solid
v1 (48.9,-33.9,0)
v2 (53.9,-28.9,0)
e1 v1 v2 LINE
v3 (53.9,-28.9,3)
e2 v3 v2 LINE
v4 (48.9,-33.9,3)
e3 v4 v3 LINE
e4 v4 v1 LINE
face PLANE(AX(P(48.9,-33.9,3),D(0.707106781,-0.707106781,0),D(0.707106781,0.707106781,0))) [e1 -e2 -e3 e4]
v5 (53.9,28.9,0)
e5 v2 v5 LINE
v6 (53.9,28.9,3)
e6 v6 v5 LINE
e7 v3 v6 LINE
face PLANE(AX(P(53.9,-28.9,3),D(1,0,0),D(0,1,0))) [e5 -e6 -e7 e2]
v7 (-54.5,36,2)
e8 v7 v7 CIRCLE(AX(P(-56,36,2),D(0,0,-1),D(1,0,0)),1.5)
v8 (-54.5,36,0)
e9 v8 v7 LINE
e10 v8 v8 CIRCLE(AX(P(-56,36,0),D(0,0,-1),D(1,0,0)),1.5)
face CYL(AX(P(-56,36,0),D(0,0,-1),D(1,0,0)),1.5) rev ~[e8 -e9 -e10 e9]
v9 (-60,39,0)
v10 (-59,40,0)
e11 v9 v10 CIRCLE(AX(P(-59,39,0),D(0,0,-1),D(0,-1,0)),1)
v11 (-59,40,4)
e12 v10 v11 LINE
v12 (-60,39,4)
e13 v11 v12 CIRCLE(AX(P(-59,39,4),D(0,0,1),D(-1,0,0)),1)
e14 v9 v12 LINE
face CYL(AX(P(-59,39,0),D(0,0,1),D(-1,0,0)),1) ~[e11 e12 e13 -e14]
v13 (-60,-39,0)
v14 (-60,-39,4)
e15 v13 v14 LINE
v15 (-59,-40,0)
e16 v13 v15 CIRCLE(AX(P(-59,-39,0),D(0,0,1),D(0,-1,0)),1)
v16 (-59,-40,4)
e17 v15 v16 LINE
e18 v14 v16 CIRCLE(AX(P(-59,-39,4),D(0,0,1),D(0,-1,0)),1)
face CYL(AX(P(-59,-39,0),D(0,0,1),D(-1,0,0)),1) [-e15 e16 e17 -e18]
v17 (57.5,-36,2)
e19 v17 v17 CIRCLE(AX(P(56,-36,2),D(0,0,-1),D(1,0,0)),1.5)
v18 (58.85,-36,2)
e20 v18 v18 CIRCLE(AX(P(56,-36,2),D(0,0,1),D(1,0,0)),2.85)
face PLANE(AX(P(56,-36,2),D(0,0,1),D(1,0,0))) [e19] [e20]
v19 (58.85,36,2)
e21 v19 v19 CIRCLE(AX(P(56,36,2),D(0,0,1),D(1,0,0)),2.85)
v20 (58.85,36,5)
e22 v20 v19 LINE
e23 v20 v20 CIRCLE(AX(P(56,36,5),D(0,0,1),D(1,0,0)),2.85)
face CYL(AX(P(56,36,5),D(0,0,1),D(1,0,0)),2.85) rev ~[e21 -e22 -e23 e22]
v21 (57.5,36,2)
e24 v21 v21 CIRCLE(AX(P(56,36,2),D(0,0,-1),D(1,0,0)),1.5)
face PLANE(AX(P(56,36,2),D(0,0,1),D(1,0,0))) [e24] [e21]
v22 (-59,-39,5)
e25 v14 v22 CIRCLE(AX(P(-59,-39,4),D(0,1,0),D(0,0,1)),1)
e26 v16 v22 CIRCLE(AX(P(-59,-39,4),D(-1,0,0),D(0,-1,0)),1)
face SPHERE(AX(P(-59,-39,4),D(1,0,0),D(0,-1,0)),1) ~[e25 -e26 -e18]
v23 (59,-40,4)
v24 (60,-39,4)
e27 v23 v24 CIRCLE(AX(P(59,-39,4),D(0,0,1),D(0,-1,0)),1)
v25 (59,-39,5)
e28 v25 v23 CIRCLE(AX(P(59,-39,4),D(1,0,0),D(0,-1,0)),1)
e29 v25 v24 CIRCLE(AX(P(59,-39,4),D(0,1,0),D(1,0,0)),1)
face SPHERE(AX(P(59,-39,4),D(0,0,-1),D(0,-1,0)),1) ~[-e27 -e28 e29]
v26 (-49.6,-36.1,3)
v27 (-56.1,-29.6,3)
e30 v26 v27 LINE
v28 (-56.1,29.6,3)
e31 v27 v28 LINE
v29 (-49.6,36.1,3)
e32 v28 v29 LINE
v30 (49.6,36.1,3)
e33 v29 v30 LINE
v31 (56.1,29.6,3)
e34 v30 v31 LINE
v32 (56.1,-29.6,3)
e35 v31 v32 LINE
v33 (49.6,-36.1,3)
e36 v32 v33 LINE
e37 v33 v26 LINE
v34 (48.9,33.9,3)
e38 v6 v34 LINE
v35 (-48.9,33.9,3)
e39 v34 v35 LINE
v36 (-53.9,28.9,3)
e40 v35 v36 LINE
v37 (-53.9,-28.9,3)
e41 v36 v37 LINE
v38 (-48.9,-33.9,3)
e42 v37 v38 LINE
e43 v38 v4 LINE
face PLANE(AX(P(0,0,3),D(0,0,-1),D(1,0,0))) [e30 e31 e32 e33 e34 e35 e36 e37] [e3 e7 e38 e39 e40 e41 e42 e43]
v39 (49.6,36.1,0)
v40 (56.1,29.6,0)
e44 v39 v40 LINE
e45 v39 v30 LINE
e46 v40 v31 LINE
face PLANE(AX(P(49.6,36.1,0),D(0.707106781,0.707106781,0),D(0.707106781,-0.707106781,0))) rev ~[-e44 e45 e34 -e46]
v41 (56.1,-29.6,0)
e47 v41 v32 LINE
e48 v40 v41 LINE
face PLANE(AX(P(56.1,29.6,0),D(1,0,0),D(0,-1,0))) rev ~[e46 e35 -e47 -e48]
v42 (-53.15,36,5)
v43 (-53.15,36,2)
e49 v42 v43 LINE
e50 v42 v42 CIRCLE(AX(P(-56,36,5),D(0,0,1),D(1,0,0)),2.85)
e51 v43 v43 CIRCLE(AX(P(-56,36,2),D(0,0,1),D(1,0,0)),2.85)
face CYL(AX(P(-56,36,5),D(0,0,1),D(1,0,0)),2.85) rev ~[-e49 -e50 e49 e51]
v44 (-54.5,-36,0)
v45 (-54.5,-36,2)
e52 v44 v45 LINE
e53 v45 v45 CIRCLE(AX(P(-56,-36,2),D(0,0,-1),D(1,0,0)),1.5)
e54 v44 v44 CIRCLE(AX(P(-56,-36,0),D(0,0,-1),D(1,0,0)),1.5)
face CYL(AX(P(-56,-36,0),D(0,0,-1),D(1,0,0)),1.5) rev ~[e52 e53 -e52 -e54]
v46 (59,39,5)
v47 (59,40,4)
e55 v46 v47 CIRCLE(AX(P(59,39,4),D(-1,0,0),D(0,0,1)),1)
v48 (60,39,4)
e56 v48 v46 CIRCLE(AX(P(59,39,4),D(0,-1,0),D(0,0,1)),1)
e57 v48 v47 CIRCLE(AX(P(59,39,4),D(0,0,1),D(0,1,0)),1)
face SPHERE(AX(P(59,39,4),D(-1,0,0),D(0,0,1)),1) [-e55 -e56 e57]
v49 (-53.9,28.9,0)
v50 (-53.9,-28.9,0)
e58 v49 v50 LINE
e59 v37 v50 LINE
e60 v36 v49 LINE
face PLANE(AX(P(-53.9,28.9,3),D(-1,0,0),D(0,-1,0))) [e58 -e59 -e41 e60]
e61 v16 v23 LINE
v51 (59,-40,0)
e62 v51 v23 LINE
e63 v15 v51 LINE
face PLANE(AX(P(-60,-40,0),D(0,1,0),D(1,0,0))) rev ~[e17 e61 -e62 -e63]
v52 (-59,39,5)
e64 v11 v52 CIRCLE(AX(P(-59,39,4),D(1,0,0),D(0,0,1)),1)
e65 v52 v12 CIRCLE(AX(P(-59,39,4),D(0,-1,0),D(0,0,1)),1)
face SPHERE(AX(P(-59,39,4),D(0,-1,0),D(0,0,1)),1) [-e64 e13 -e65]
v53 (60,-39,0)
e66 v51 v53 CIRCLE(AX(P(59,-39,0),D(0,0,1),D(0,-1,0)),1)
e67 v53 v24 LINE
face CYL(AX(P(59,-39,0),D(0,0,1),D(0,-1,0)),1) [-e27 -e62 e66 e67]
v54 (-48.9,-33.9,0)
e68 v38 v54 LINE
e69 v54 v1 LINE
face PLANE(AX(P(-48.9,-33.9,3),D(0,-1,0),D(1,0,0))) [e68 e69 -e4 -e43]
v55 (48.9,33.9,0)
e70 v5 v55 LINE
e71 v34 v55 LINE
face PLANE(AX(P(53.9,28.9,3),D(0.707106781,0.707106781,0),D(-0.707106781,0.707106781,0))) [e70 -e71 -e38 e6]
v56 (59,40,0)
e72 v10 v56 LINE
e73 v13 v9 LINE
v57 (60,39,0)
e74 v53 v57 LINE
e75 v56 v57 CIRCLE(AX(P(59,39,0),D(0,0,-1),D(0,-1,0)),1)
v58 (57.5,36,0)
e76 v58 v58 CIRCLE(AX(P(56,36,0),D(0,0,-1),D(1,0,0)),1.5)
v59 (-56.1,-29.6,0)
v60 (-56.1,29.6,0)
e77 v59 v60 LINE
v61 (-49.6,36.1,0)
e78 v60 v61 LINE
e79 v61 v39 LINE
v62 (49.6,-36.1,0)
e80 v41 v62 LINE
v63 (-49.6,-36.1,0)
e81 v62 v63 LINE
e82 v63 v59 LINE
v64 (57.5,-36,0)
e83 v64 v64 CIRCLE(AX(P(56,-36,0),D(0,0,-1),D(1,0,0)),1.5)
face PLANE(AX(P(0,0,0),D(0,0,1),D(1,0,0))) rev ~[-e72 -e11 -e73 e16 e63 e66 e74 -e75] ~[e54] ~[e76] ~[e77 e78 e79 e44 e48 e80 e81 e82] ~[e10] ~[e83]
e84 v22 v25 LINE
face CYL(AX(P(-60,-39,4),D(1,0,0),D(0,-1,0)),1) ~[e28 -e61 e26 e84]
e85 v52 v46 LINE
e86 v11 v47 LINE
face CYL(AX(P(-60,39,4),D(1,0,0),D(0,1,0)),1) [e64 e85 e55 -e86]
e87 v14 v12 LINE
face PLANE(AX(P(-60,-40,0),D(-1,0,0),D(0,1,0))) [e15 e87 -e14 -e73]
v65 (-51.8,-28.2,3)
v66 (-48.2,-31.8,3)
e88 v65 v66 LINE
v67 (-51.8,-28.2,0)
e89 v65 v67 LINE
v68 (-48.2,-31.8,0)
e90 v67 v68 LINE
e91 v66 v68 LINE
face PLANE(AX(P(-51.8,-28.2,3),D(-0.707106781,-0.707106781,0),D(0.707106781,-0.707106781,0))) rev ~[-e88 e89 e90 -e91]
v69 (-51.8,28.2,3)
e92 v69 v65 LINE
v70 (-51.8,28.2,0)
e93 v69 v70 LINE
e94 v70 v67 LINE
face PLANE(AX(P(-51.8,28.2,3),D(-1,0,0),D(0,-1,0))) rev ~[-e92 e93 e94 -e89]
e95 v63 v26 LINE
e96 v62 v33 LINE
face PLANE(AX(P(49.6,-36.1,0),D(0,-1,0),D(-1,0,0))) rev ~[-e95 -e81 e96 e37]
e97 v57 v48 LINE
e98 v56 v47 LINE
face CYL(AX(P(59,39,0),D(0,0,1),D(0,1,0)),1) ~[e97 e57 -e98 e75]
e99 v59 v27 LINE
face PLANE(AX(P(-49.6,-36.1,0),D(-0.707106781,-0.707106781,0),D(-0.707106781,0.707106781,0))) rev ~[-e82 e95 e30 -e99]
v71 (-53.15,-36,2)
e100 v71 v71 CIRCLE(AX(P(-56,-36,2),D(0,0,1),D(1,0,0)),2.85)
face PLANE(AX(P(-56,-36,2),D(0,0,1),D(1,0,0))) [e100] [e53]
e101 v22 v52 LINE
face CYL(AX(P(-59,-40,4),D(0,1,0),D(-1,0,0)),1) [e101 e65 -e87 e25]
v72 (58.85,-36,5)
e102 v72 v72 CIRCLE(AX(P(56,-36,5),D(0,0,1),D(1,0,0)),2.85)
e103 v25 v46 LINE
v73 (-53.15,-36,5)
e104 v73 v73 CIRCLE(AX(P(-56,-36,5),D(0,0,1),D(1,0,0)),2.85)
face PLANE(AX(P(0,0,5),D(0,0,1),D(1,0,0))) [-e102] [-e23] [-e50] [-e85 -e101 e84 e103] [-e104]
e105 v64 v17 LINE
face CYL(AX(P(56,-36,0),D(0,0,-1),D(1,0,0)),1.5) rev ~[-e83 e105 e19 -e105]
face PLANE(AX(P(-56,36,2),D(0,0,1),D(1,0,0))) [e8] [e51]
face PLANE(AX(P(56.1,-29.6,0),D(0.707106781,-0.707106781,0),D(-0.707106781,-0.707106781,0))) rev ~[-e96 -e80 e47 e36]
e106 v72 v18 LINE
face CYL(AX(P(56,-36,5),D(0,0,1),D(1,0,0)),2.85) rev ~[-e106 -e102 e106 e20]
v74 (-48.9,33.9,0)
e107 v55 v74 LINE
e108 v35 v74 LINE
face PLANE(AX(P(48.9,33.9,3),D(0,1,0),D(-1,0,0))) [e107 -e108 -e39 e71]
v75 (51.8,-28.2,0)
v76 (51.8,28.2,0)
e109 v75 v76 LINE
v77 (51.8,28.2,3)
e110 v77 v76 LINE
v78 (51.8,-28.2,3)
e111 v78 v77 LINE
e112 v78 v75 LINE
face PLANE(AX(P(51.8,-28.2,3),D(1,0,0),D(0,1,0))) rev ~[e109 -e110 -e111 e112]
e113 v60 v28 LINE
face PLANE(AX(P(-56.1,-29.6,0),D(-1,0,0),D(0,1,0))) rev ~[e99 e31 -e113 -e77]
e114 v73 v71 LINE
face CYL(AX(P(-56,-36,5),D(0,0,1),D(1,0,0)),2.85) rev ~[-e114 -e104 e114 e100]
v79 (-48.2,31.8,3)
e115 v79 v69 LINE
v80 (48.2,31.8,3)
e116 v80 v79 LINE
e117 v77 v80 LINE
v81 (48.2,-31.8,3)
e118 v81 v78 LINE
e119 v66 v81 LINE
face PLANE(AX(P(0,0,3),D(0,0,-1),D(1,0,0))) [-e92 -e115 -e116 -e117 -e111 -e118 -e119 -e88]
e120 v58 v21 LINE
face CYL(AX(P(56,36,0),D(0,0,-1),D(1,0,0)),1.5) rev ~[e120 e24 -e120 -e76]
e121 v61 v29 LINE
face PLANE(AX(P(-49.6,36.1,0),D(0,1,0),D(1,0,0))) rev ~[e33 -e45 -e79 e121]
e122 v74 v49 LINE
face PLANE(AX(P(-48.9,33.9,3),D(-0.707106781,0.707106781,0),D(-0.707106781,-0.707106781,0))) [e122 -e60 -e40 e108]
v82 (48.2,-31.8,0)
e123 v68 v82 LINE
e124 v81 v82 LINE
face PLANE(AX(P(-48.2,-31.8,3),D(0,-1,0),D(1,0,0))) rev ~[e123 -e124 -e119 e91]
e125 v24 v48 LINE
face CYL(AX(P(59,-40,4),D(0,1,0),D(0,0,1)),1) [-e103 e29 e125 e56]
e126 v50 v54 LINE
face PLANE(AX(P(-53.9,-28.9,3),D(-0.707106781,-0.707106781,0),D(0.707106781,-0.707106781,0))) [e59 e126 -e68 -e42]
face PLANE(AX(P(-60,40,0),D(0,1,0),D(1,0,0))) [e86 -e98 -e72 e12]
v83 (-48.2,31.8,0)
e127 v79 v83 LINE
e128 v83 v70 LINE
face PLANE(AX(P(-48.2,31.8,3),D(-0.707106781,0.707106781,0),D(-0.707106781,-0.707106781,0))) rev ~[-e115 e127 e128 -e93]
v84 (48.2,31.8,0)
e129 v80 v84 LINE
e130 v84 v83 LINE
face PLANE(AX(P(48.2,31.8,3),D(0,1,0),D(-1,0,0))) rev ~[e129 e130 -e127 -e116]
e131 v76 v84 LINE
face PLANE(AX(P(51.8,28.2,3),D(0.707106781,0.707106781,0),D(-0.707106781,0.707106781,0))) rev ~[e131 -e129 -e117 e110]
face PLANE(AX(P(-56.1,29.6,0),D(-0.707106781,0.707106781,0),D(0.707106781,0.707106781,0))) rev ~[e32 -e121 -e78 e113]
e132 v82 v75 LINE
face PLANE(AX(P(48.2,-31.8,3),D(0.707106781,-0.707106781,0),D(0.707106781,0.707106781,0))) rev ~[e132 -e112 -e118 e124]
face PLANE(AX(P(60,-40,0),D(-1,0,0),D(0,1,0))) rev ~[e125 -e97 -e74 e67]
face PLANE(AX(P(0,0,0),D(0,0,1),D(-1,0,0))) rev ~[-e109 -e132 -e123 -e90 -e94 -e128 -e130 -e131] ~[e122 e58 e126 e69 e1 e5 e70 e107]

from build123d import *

# Parameters (mm, degrees)
SKETCH_W        = 120
SKETCH_H        = 80
PAD_DEPTH       = 5
SKETCH001_R     = 1.5
POCKET_DEPTH    = 3
SKETCH002_R     = 2.85
POCKET001_DEPTH = 3
FILLET_R        = 1
PAD001_DEPTH    = 3


with BuildPart() as part:
    # Sketch → Pad (new body)
    with BuildSketch(Plane.XY):
        Rectangle(SKETCH_W, SKETCH_H)
    extrude(amount=PAD_DEPTH)

    # Sketch001 (on Face5 of Pad) → Pocket (cut)
    with BuildSketch(Plane(origin=(0, 0, 0), x_dir=(1, 0, 0), z_dir=(0, 0, -1))):
        with Locations((56, 36)):
            Circle(SKETCH001_R)
        with Locations((56, -36)):
            Circle(SKETCH001_R)
        with Locations((-56, 36)):
            Circle(SKETCH001_R)
        with Locations((-56, -36)):
            Circle(SKETCH001_R)
        Polygon((56.1, 29.6), (49.6, 36.1), (-49.6, 36.1), (-56.1, 29.6), (-56.1, -29.6), (-49.6, -36.1), (49.6, -36.1), (56.1, -29.6), align=None)
    extrude(amount=-POCKET_DEPTH, mode=Mode.SUBTRACT)

    # Sketch002 (on Face5 of Pocket) → Pocket001 (cut)
    with BuildSketch(Plane.XY.offset(5)):
        with Locations((56, 36)):
            Circle(SKETCH002_R)
        with Locations((56, -36)):
            Circle(SKETCH002_R)
        with Locations((-56, 36)):
            Circle(SKETCH002_R)
        with Locations((-56, -36)):
            Circle(SKETCH002_R)
    extrude(amount=-POCKET001_DEPTH, mode=Mode.SUBTRACT)

    # Fillet
    fillet_edges = [part.edges().sort_by_distance(p)[0] for p in [
        (60, -40, 2.5),
        (0, -40, 5),
        (-60, -40, 2.5),
        (-60, 0, 5),
        (0, 40, 5),
        (60, 0, 5),
        (60, 40, 2.5),
        (-60, 40, 2.5),
    ]]
    fillet(fillet_edges, radius=FILLET_R)

    # CopySketch003 → Pad001 (join)
    with BuildSketch(Plane(origin=(0, 0, 3), x_dir=(1, 0, 0), z_dir=(0, 0, -1))):
        Polygon((-48.9, 33.9), (48.9, 33.9), (53.9, 28.9), (53.9, -28.9), (48.9, -33.9), (-48.9, -33.9), (-53.9, -28.9), (-53.9, 28.9), align=None)
        Polygon((-48.2, 31.8), (48.2, 31.8), (51.8, 28.2), (51.8, -28.2), (48.2, -31.8), (-48.2, -31.8), (-51.8, -28.2), (-51.8, 28.2), align=None, mode=Mode.SUBTRACT)
    extrude(amount=PAD001_DEPTH)


solid = part.part
